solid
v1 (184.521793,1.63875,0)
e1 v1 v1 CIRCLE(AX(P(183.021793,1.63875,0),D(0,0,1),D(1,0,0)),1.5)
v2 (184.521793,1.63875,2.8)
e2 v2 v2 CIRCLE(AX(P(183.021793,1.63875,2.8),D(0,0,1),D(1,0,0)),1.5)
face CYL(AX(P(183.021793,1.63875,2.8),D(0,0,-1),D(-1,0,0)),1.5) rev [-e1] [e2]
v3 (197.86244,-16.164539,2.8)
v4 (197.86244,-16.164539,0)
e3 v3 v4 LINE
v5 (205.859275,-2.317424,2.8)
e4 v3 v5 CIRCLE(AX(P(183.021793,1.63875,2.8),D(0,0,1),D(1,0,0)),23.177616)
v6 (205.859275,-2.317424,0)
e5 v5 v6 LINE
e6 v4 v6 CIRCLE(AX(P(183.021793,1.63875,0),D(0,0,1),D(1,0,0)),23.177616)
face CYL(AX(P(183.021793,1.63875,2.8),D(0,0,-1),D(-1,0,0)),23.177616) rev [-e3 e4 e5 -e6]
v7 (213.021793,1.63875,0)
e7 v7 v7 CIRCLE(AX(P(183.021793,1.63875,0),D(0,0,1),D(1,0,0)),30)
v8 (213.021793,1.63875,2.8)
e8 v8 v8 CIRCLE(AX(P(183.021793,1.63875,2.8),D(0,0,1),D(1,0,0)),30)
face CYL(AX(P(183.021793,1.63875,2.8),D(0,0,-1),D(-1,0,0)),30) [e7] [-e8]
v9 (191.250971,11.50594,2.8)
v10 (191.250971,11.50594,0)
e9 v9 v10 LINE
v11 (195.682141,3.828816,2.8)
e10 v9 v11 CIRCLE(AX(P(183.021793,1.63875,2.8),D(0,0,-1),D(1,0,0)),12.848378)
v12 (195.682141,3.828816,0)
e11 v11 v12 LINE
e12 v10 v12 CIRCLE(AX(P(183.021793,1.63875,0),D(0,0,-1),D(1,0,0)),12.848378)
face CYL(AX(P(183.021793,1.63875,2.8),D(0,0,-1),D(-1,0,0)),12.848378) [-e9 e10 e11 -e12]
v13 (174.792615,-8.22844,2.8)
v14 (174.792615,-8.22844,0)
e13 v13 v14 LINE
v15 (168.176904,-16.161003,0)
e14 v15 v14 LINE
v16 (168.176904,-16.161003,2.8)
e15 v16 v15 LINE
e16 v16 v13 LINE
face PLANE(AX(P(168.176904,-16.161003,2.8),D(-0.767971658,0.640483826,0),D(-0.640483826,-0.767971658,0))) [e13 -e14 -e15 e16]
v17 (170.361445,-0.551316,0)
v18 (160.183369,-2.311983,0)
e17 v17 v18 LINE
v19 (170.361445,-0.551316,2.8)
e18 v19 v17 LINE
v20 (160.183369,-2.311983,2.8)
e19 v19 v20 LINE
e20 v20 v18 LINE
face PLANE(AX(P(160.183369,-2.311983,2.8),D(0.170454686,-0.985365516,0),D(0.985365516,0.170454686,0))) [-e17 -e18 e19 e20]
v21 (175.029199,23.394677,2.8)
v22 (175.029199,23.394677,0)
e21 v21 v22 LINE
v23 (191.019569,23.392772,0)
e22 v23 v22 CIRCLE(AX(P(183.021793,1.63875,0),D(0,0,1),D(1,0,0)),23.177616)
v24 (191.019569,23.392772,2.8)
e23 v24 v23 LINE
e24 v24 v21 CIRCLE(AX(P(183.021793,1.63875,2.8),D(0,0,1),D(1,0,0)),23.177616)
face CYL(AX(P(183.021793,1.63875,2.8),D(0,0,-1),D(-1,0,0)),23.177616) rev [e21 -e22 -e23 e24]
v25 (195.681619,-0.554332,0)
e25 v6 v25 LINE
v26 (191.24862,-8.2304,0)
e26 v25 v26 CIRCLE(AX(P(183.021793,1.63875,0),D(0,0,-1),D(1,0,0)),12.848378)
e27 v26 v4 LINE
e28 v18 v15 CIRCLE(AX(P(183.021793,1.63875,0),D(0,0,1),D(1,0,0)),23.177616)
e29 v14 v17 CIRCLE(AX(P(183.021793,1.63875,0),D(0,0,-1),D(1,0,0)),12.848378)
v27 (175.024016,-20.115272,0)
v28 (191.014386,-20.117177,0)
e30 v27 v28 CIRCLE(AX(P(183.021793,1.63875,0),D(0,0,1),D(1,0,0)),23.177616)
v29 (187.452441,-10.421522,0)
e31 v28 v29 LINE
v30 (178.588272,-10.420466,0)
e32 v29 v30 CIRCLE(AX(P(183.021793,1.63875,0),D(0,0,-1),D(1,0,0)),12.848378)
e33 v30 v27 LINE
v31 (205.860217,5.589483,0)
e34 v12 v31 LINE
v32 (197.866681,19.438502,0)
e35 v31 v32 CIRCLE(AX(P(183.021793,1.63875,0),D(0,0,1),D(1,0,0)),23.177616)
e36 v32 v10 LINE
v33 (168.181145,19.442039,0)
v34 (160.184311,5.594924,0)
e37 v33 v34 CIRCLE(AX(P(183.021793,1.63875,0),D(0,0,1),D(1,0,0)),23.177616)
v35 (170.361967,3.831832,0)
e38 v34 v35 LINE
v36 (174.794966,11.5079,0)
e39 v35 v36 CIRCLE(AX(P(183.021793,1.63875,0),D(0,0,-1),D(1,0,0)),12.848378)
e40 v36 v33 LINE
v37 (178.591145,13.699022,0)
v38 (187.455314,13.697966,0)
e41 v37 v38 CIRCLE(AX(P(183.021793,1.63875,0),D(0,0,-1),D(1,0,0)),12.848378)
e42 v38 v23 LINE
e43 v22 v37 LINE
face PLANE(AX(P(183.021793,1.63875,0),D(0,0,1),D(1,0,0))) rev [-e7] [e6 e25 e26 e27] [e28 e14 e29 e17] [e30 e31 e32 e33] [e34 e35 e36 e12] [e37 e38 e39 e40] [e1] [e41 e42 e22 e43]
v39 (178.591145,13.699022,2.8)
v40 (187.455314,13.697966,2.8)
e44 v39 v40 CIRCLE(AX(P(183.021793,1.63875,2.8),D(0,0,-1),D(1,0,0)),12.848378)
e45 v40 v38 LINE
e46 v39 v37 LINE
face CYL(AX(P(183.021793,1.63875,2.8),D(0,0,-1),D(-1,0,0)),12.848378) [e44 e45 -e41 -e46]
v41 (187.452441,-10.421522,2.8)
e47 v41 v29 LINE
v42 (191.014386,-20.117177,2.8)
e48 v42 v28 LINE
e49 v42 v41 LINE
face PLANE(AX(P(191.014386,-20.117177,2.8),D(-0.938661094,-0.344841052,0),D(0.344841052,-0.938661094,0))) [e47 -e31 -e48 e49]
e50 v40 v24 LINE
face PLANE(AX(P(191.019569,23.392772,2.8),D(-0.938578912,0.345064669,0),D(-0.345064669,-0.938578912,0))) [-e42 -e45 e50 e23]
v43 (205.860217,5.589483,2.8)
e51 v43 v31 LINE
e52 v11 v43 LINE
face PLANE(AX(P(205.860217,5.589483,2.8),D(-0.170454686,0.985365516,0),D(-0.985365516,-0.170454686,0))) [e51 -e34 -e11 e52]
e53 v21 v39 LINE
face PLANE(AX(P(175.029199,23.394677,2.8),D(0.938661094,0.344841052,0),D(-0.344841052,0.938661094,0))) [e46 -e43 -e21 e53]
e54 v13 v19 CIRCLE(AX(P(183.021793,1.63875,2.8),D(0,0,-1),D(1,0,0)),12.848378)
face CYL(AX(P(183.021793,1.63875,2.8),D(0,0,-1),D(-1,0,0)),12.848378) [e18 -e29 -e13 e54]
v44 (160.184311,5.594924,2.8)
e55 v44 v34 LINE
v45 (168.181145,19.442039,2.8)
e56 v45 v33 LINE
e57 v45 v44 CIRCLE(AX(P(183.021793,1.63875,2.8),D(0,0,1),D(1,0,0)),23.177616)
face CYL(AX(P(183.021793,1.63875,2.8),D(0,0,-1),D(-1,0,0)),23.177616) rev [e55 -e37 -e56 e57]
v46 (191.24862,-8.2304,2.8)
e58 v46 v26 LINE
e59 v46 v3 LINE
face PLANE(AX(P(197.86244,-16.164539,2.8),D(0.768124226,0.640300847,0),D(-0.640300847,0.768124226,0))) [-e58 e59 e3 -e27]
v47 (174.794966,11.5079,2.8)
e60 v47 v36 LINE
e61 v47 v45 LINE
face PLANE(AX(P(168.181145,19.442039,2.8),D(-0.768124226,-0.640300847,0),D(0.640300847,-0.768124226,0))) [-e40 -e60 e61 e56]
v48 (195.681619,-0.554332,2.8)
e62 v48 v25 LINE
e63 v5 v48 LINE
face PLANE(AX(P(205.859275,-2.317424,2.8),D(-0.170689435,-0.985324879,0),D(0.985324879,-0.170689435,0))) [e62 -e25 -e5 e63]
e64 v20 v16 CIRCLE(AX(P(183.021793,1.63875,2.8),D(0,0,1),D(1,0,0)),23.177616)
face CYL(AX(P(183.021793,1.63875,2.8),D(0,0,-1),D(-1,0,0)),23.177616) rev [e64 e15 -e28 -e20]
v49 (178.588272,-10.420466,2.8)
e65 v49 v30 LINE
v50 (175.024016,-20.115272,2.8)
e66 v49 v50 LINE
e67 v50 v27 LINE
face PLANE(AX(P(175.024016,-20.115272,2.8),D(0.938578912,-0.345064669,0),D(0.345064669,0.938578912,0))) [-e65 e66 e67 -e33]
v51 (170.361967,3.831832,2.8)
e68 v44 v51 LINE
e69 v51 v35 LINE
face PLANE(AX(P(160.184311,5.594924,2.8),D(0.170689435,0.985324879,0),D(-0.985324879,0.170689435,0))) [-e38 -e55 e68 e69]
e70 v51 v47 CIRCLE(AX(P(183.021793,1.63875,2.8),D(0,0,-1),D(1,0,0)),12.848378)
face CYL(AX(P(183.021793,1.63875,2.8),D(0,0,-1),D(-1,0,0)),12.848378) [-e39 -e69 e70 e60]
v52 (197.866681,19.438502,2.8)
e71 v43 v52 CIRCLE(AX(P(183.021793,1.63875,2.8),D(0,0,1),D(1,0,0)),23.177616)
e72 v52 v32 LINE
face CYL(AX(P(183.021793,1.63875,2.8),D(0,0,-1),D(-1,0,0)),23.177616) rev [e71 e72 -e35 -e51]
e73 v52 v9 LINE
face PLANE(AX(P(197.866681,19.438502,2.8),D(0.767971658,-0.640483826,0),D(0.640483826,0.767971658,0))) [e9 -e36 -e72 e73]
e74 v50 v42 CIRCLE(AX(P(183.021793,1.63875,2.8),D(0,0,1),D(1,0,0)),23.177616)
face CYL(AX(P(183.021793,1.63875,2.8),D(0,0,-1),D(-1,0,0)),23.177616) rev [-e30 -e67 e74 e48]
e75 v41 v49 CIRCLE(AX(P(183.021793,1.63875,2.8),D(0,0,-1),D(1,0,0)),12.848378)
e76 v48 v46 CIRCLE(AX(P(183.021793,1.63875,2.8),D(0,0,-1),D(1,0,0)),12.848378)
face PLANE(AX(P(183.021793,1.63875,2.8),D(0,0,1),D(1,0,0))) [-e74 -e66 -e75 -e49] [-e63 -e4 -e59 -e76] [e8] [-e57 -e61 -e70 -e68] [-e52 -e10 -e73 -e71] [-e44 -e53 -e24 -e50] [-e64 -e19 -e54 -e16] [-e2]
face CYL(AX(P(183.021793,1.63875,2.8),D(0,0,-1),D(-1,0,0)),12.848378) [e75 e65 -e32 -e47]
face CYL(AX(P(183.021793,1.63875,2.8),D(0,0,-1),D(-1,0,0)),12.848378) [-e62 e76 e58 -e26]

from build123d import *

# Parameters (mm, degrees)
MODEL_R             = 30
MODEL_R_2           = 1.5
BOSS_EXTRUDE1_DEPTH = 2.8


with BuildPart() as part:
    # Model → Boss-Extrude1 (new body)
    with BuildSketch(Plane.XY):
        with Locations((183.021792723, 1.638749849)):
            Circle(MODEL_R)
        with Locations((183.021792723, 1.638749849)):
            Circle(MODEL_R_2, mode=Mode.SUBTRACT)
        with BuildLine():
            Line((160.184310638, 5.594924102), (170.361966665, 3.831832156))
            ThreePointArc((170.361966665, 3.831832156), (171.89553669, 8.064264032), (174.794965696, 11.507899908))
            Line((174.794965696, 11.507899908), (168.18114531, 19.442038508))
            ThreePointArc((168.18114531, 19.442038508), (162.950768709, 13.229948999), (160.184310638, 5.594924102))
        make_face(mode=Mode.SUBTRACT)
        with BuildLine():
            Line((160.183368767, -2.31198349), (170.361444544, -0.551316319))
            ThreePointArc((170.361444544, -0.551316319), (171.894006192, -4.784113433), (174.792614703, -8.228439971))
            Line((174.792614703, -8.228439971), (168.176904275, -16.161002669))
            ThreePointArc((168.176904275, -16.161002669), (162.948007791, -9.947667252), (160.183368767, -2.31198349))
        make_face(mode=Mode.SUBTRACT)
        with BuildLine():
            Line((175.02401618, -20.115272149), (178.588271571, -10.420466378))
            ThreePointArc((178.588271571, -10.420466378), (183.020262224, -11.209627616), (187.452440761, -10.421522278))
            Line((187.452440761, -10.421522278), (191.01438636, -20.117176922))
            ThreePointArc((191.01438636, -20.117176922), (183.019031805, -21.538866402), (175.02401618, -20.115272149))
        make_face(mode=Mode.SUBTRACT)
        with BuildLine():
            Line((197.862440136, -16.16453881), (191.248619749, -8.23040021))
            ThreePointArc((191.248619749, -8.23040021), (194.148048755, -4.786764334), (195.68161878, -0.554332458))
            Line((195.68161878, -0.554332458), (205.859274808, -2.317424405))
            ThreePointArc((205.859274808, -2.317424405), (203.092816736, -9.952449302), (197.862440136, -16.16453881))
        make_face(mode=Mode.SUBTRACT)
        with BuildLine():
            Line((205.860216679, 5.589483188), (195.682140901, 3.828816016))
            ThreePointArc((195.682140901, 3.828816016), (194.149579254, 8.06161313), (191.250970742, 11.505939668))
            Line((191.250970742, 11.505939668), (197.86668117, 19.438502366))
            ThreePointArc((197.86668117, 19.438502366), (203.095577654, 13.225166949), (205.860216679, 5.589483188))
        make_face(mode=Mode.SUBTRACT)
        with BuildLine():
            Line((191.019569265, 23.392771846), (187.455313874, 13.697966076))
            ThreePointArc((187.455313874, 13.697966076), (183.023323222, 14.487127313), (178.591144685, 13.699021976))
            Line((178.591144685, 13.699021976), (175.029199085, 23.39467662))
            ThreePointArc((175.029199085, 23.39467662), (183.024553641, 24.8163661), (191.019569265, 23.392771846))
        make_face(mode=Mode.SUBTRACT)
    extrude(amount=BOSS_EXTRUDE1_DEPTH)


solid = part.part
